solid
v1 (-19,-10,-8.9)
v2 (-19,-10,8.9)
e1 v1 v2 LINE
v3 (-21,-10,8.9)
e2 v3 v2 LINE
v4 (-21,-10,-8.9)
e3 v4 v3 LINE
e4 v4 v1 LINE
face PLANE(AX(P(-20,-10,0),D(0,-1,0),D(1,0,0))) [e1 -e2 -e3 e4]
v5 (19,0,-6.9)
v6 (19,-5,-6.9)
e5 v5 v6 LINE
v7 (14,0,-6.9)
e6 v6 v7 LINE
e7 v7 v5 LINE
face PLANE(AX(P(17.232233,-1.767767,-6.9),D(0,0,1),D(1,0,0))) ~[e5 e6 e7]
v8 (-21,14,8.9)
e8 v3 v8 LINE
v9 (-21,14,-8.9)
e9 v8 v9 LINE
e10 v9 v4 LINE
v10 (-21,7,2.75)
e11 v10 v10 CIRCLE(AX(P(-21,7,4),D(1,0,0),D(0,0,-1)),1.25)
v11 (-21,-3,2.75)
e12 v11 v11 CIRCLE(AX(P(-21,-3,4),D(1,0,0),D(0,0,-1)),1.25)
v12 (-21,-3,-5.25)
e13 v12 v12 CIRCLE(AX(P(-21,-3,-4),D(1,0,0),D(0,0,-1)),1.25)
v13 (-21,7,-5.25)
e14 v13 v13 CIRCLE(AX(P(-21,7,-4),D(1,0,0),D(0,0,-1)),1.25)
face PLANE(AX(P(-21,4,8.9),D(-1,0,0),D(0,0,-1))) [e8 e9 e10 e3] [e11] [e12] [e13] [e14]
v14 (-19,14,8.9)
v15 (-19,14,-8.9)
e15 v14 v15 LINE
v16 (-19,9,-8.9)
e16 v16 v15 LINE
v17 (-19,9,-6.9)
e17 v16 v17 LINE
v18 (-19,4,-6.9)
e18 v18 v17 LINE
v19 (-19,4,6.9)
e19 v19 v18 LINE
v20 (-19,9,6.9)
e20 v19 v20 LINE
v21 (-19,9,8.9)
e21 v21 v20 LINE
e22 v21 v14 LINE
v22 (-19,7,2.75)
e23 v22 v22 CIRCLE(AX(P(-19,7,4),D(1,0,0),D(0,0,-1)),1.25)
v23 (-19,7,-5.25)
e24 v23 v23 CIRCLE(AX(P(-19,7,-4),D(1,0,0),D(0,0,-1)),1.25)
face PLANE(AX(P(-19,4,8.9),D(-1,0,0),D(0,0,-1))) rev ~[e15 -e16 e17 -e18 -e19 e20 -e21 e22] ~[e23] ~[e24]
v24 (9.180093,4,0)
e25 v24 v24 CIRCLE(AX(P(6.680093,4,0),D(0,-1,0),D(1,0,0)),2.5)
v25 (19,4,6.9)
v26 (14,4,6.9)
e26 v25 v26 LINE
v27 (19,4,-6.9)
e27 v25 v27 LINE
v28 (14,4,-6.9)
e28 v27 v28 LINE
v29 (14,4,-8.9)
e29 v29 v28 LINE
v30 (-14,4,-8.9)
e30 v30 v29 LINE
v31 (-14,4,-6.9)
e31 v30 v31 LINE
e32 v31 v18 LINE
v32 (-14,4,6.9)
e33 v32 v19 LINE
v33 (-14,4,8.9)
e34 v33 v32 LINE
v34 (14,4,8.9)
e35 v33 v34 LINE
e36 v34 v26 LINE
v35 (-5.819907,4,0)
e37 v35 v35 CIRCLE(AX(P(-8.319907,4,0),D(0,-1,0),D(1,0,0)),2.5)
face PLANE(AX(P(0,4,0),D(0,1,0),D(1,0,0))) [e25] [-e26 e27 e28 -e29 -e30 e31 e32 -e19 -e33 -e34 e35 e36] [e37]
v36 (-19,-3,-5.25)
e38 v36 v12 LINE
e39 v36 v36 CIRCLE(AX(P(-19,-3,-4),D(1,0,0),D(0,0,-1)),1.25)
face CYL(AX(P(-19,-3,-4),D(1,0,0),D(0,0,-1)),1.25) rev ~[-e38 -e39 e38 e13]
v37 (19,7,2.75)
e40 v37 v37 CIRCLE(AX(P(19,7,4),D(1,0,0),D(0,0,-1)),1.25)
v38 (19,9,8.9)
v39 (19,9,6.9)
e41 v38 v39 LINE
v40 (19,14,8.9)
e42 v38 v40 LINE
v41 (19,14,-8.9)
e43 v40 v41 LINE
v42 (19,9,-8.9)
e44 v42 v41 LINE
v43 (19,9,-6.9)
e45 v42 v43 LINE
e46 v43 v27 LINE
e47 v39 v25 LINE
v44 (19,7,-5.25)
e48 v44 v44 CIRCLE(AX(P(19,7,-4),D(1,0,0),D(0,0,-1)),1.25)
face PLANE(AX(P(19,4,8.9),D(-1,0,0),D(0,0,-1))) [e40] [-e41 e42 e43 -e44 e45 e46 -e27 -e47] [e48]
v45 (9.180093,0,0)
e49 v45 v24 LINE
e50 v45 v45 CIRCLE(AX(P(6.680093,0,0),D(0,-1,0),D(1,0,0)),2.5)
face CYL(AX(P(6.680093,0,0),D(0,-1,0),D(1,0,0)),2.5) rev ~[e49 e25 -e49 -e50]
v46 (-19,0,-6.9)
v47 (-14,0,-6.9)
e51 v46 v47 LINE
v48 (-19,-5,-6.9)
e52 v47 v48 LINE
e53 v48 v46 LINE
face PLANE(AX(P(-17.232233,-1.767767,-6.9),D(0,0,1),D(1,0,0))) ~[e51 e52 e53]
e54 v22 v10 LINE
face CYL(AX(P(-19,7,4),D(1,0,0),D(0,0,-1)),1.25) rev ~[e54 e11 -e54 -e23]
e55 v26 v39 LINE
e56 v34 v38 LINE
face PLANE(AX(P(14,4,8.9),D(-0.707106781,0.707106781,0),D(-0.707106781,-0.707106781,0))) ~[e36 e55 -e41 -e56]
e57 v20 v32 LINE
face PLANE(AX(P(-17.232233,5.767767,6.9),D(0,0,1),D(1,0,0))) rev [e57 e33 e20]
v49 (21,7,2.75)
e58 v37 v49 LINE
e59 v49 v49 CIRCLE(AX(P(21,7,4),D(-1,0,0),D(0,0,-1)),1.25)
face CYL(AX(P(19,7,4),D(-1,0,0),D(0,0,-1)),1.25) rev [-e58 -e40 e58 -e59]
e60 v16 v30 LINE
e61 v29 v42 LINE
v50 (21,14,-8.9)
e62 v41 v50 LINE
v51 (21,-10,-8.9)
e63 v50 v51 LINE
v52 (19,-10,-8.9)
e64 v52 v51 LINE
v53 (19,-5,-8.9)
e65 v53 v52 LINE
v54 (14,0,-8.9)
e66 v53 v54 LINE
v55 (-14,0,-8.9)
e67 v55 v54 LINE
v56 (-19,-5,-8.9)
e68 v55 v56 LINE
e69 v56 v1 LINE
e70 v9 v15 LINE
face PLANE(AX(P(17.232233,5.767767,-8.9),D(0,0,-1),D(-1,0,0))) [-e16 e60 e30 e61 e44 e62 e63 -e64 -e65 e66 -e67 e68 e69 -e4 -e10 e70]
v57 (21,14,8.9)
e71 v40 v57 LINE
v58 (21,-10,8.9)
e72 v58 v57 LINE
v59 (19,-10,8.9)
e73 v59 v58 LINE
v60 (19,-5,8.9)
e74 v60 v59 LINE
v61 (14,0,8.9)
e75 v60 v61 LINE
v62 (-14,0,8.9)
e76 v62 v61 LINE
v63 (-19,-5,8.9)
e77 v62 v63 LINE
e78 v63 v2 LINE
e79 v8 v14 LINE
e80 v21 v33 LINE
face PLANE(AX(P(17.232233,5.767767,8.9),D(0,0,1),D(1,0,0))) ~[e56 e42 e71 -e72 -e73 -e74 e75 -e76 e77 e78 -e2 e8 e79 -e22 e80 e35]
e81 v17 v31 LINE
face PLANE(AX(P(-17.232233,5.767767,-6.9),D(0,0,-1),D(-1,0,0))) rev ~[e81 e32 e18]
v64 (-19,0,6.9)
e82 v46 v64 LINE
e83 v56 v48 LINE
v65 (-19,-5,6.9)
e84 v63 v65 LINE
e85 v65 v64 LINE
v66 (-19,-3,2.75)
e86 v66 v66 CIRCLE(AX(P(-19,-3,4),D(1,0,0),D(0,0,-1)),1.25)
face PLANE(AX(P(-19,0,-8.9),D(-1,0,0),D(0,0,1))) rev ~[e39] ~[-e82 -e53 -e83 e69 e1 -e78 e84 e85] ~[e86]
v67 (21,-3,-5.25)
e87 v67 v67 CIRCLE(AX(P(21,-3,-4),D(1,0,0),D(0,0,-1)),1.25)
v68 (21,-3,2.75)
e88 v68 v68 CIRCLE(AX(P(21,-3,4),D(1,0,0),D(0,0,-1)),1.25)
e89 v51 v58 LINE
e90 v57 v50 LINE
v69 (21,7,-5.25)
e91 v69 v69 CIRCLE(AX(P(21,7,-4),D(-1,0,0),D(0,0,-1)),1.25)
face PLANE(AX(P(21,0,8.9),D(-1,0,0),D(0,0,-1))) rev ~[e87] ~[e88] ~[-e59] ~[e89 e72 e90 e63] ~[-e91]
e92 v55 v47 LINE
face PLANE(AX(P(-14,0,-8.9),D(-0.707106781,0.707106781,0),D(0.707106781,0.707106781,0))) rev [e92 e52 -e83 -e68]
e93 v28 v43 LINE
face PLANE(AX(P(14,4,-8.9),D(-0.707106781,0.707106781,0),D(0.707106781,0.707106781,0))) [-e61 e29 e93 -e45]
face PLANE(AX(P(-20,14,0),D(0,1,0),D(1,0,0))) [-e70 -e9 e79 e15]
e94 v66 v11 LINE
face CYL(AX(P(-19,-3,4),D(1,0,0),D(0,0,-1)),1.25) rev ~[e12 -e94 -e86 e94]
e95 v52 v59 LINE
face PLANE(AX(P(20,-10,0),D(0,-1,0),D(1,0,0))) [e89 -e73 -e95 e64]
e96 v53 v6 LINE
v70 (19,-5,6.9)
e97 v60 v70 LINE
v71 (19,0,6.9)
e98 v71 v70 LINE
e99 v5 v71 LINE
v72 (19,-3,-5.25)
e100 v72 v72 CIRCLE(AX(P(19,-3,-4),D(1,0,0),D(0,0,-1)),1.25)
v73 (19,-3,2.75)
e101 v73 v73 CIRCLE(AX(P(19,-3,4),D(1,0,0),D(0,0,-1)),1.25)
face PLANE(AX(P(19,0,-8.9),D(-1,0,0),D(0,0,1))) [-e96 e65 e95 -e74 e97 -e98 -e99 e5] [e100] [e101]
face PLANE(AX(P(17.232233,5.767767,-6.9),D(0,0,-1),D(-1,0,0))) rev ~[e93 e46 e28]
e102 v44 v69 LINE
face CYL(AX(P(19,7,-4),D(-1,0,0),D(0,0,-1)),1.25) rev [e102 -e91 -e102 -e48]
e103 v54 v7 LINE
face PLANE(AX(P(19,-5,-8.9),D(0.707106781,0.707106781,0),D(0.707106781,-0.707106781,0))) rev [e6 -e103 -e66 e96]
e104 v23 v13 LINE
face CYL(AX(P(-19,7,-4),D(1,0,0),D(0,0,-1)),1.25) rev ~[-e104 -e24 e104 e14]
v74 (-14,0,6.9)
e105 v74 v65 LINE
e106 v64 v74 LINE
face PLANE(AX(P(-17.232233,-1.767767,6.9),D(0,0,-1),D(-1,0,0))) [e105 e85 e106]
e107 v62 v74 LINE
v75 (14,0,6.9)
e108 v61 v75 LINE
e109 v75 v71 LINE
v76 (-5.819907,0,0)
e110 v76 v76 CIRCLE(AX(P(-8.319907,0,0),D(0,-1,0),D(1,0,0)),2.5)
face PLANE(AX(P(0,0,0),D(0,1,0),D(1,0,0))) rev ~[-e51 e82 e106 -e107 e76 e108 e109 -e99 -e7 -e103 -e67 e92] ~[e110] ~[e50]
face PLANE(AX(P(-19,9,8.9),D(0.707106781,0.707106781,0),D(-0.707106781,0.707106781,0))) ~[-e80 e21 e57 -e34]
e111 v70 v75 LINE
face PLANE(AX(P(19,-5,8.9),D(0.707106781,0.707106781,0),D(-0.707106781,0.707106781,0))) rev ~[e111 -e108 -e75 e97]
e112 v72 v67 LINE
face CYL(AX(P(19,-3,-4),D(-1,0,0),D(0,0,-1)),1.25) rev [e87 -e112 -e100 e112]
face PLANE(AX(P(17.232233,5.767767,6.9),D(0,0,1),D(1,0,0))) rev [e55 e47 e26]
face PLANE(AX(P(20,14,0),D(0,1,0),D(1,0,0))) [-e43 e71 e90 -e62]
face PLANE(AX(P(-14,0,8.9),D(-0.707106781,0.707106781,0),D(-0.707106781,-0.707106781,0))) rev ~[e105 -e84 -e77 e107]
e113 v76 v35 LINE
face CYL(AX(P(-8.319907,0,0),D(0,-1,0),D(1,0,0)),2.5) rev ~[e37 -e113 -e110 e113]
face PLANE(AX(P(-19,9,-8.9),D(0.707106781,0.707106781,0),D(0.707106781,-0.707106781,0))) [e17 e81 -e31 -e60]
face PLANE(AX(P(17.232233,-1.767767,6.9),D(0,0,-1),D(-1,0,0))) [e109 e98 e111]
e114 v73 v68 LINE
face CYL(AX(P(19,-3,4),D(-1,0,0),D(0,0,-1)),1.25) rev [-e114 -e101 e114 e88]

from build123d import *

# Parameters (mm, degrees)
SKETCH2_W               = 42
SKETCH2_H               = 17.8
BOSS_EXTRUDE1_DEPTH     = 4
SKETCH3_W               = 2
SKETCH3_H               = 17.8
BOSS_EXTRUDE2_DEPTH     = 10
BOSS_EXTRUDE3_DEPTH     = 2
SKETCH5_R               = 2.5
CUT_EXTRUDE1_DEPTH      = 11
CUT_EXTRUDE1_DEPTH_BACK = 5
SKETCH6_R               = 1.25
CUT_EXTRUDE2_DEPTH      = 2
SKETCH7_W               = 2
SKETCH7_H               = 17.8
BOSS_EXTRUDE4_DEPTH     = 10
SKETCH8_R               = 1.25
CUT_EXTRUDE3_DEPTH      = 10
BOSS_EXTRUDE5_DEPTH     = 2


with BuildPart() as part:
    # Sketch2 → Boss-Extrude1 (new body)
    with BuildSketch(Plane(origin=(0, 0, 0), x_dir=(1, 0, 0), z_dir=(0, 1, 0))):
        Rectangle(SKETCH2_W, SKETCH2_H)
    extrude(amount=BOSS_EXTRUDE1_DEPTH)

    # Sketch3 → Boss-Extrude2 (add)
    with BuildSketch(Plane.XZ):
        with Locations((-20, 0)):
            Rectangle(SKETCH3_W, SKETCH3_H)
        with Locations((20, 0)):
            Rectangle(SKETCH3_W, SKETCH3_H)
    extrude(amount=BOSS_EXTRUDE2_DEPTH)

    # Sketch4 → Boss-Extrude3 (add)
    with BuildSketch(Plane.XY.offset(8.9)):
        Polygon((-19, 0), (-14, 0), (-19, -5), align=None)
        Polygon((19, -5), (14, 0), (19, 0), align=None)
    boss_extrude3 = extrude(amount=-BOSS_EXTRUDE3_DEPTH)

    # Mirror1: Boss-Extrude3 across plane
    add(boss_extrude3.mirror(Plane.XY))

    # Sketch5 → Cut-Extrude1 (cut, two sides)
    with BuildSketch(Plane.XZ) as cut_extrude1_sk:
        with Locations((-8.319906625, 0)):
            Circle(SKETCH5_R)
        with Locations((6.680093375, 0)):
            Circle(SKETCH5_R)
    extrude(amount=CUT_EXTRUDE1_DEPTH, mode=Mode.SUBTRACT)
    extrude(cut_extrude1_sk.sketch, amount=-CUT_EXTRUDE1_DEPTH_BACK, mode=Mode.SUBTRACT)

    # Sketch6 → Cut-Extrude2 (cut)
    with BuildSketch(Plane(origin=(-19, 0, 0), x_dir=(0, 0, -1), z_dir=(1, 0, 0))):
        with Locations((-4, -3)):
            Circle(SKETCH6_R)
        with Locations((4, -3)):
            Circle(SKETCH6_R)
    cut_extrude2 = extrude(amount=-CUT_EXTRUDE2_DEPTH, mode=Mode.SUBTRACT)

    # Mirror2: Cut-Extrude2 across plane
    add(cut_extrude2.mirror(Plane(origin=(0, 0, 0), x_dir=(0, 0, 1), z_dir=(1, 0, 0))), mode=Mode.SUBTRACT)

    # Sketch7 → Boss-Extrude4 (add)
    with BuildSketch(Plane(origin=(0, 4, 0), x_dir=(1, 0, 0), z_dir=(0, 1, 0))):
        with Locations((-20, 0)):
            Rectangle(SKETCH7_W, SKETCH7_H)
        with Locations((20, 0)):
            Rectangle(SKETCH7_W, SKETCH7_H)
    extrude(amount=BOSS_EXTRUDE4_DEPTH)

    # Sketch8 → Cut-Extrude3 (cut)
    with BuildSketch(Plane(origin=(-19, 0, 0), x_dir=(0, 0, -1), z_dir=(1, 0, 0))):
        with Locations((-4, 7)):
            Circle(SKETCH8_R)
        with Locations((4, 7)):
            Circle(SKETCH8_R)
    cut_extrude3 = extrude(amount=-CUT_EXTRUDE3_DEPTH, mode=Mode.SUBTRACT)

    # Mirror3: Cut-Extrude3 across plane
    add(cut_extrude3.mirror(Plane(origin=(0, 0, 0), x_dir=(0, 0, 1), z_dir=(1, 0, 0))), mode=Mode.SUBTRACT)

    # Sketch9 → Boss-Extrude5 (add)
    with BuildSketch(Plane(origin=(0, 0, -8.9), x_dir=(-1, 0, 0), z_dir=(0, 0, -1))):
        Polygon((-19, 9), (-19, 4), (-14, 4), align=None)
        Polygon((19, 9), (14, 4), (19, 4), align=None)
    boss_extrude5 = extrude(amount=-BOSS_EXTRUDE5_DEPTH)

    # Mirror4: Boss-Extrude5 across plane
    add(boss_extrude5.mirror(Plane.XY))


solid = part.part
